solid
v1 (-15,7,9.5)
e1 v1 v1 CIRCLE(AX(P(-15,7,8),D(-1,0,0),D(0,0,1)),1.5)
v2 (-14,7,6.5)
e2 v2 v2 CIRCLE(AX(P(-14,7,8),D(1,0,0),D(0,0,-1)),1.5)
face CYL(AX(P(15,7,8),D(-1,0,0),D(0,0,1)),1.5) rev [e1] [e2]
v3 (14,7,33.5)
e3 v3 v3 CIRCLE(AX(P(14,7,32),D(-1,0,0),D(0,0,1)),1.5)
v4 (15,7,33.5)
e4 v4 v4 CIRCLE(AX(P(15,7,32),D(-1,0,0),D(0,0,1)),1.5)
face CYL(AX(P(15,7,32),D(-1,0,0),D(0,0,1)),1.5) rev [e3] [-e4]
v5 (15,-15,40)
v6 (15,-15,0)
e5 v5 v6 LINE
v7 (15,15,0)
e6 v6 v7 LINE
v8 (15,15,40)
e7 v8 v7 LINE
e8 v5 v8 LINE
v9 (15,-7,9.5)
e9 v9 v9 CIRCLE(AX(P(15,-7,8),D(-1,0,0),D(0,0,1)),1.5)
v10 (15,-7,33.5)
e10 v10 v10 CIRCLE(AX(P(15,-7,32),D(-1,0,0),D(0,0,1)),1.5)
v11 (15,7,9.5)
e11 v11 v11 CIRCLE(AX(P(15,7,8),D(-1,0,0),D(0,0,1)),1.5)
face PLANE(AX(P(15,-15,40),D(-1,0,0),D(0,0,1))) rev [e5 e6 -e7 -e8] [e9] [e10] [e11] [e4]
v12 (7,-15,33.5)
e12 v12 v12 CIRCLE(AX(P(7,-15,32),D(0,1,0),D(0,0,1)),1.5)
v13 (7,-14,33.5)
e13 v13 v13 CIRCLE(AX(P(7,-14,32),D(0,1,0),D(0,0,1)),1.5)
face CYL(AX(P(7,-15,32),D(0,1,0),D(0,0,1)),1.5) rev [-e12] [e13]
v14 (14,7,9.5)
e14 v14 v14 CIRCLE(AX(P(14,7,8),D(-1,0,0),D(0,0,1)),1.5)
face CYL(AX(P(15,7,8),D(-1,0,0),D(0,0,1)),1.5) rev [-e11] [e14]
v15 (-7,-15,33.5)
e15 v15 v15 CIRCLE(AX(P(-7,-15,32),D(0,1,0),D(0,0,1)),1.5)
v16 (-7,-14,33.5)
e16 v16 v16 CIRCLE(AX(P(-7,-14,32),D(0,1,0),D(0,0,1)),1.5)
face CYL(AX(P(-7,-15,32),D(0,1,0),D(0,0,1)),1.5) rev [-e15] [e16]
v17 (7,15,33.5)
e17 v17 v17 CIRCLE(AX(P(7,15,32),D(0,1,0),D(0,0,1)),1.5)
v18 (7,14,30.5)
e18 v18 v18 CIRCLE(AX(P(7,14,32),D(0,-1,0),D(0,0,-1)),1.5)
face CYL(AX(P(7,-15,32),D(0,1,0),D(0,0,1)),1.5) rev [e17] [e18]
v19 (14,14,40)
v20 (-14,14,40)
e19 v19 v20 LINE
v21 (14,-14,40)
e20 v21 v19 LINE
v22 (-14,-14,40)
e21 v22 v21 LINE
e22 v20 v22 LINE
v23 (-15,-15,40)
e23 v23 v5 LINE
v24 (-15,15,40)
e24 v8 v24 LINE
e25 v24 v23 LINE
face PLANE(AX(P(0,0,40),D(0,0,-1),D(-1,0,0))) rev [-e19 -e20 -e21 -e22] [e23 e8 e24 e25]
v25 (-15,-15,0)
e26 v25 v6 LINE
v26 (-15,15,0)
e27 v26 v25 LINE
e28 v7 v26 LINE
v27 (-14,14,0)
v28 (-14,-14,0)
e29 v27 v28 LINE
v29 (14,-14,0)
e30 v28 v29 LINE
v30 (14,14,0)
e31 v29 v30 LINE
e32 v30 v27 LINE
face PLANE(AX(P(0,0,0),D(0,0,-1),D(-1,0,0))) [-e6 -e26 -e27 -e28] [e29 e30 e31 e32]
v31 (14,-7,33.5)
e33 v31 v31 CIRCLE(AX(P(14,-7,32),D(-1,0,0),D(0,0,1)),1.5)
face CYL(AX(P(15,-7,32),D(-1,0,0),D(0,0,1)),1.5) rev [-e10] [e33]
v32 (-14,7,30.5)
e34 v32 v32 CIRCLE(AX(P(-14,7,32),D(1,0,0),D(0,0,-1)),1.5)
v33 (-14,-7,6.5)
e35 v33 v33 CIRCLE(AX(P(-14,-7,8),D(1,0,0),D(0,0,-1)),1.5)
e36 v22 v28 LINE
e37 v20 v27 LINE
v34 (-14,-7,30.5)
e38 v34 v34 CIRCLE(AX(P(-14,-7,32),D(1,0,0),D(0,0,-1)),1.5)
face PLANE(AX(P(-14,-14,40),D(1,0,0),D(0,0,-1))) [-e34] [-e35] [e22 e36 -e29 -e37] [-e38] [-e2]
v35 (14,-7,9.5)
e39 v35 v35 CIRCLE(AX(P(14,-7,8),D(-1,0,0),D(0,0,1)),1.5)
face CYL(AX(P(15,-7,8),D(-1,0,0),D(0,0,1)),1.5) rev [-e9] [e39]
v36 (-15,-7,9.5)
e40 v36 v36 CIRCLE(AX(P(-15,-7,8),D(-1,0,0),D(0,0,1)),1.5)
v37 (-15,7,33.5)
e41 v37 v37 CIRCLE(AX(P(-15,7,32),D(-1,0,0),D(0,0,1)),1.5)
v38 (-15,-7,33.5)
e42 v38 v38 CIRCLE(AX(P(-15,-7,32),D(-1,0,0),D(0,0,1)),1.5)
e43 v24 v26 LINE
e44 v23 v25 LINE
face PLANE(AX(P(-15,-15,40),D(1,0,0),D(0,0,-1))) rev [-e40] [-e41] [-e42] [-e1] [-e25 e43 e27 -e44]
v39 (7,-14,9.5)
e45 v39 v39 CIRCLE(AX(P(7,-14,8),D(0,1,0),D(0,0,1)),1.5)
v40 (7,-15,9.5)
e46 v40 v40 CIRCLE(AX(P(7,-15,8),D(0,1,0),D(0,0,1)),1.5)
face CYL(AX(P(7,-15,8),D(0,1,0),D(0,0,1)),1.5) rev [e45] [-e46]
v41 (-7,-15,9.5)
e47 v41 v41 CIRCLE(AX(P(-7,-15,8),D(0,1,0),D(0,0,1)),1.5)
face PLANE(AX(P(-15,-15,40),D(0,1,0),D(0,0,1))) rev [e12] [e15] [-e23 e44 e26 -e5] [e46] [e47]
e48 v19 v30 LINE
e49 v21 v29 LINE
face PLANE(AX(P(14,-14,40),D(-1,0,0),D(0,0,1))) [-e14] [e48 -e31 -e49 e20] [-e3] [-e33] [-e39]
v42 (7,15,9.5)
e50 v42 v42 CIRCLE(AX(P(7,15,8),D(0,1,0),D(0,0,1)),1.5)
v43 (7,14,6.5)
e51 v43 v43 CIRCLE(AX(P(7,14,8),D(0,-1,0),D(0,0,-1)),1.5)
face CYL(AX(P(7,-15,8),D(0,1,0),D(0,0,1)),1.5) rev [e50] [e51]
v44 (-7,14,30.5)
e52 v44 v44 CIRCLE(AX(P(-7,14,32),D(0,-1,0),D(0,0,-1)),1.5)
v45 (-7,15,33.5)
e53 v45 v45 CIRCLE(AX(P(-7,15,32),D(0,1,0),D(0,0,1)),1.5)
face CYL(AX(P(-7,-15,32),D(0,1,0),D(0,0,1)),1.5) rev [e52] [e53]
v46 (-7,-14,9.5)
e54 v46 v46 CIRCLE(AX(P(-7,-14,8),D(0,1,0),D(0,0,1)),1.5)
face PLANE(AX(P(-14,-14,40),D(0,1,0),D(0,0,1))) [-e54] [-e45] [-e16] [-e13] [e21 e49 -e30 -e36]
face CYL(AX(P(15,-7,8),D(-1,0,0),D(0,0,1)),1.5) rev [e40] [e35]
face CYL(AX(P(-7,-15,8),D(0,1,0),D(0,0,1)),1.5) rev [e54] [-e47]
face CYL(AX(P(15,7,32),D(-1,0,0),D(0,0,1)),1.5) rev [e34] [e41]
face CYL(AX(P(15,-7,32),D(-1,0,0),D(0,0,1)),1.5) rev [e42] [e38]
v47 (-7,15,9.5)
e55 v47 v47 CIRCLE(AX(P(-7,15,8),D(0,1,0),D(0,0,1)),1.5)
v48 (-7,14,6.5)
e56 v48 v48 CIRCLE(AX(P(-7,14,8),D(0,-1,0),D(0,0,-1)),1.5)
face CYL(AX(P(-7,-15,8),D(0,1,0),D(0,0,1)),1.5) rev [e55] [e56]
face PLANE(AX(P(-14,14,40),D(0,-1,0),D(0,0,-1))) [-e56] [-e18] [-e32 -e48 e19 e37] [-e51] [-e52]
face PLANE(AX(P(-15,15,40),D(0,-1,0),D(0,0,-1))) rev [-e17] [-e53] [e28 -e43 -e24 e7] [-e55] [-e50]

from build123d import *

# Parameters (mm, degrees)
SKETCH_1_W          = 30
SKETCH_1_H          = 30
SKETCH_1_W_2        = 28
SKETCH_1_H_2        = 28
EXTRUDE_1_DEPTH     = 40
SKETCH_2_R          = 1.5
CUT_EXTRUDE_1_DEPTH = 53.201532545
SKETCH_3_R          = 1.5
CUT_EXTRUDE_2_DEPTH = 53.201532545


with BuildPart() as part:
    # 草图1 → 凸台-拉伸1 (new body)
    with BuildSketch(Plane.XY):
        Rectangle(SKETCH_1_W, SKETCH_1_H)
        Rectangle(SKETCH_1_W_2, SKETCH_1_H_2, mode=Mode.SUBTRACT)
    extrude(amount=EXTRUDE_1_DEPTH)

    # 草图2 → 切除-拉伸1 (cut, through all)
    with BuildSketch(Plane.ZY.offset(15)):
        with Locations((32, -7)):
            Circle(SKETCH_2_R)
        with Locations((8, -7)):
            Circle(SKETCH_2_R)
        with Locations((32, 7)):
            Circle(SKETCH_2_R)
        with Locations((8, 7)):
            Circle(SKETCH_2_R)
    extrude(amount=-CUT_EXTRUDE_1_DEPTH, mode=Mode.SUBTRACT)

    # 草图3 → 切除-拉伸2 (cut, through all)
    with BuildSketch(Plane(origin=(0, 15, 0), x_dir=(1, 0, 0), z_dir=(0, 1, 0))):
        with Locations(Location((7, -32, 0), (0, 0, 270))):
            Circle(SKETCH_3_R)
        with Locations(Location((-7, -32, 0), (0, 0, 270))):
            Circle(SKETCH_3_R)
        with Locations(Location((7, -8, 0), (0, 0, 270))):
            Circle(SKETCH_3_R)
        with Locations(Location((-7, -8, 0), (0, 0, 270))):
            Circle(SKETCH_3_R)
    extrude(amount=-CUT_EXTRUDE_2_DEPTH, mode=Mode.SUBTRACT)


solid = part.part
